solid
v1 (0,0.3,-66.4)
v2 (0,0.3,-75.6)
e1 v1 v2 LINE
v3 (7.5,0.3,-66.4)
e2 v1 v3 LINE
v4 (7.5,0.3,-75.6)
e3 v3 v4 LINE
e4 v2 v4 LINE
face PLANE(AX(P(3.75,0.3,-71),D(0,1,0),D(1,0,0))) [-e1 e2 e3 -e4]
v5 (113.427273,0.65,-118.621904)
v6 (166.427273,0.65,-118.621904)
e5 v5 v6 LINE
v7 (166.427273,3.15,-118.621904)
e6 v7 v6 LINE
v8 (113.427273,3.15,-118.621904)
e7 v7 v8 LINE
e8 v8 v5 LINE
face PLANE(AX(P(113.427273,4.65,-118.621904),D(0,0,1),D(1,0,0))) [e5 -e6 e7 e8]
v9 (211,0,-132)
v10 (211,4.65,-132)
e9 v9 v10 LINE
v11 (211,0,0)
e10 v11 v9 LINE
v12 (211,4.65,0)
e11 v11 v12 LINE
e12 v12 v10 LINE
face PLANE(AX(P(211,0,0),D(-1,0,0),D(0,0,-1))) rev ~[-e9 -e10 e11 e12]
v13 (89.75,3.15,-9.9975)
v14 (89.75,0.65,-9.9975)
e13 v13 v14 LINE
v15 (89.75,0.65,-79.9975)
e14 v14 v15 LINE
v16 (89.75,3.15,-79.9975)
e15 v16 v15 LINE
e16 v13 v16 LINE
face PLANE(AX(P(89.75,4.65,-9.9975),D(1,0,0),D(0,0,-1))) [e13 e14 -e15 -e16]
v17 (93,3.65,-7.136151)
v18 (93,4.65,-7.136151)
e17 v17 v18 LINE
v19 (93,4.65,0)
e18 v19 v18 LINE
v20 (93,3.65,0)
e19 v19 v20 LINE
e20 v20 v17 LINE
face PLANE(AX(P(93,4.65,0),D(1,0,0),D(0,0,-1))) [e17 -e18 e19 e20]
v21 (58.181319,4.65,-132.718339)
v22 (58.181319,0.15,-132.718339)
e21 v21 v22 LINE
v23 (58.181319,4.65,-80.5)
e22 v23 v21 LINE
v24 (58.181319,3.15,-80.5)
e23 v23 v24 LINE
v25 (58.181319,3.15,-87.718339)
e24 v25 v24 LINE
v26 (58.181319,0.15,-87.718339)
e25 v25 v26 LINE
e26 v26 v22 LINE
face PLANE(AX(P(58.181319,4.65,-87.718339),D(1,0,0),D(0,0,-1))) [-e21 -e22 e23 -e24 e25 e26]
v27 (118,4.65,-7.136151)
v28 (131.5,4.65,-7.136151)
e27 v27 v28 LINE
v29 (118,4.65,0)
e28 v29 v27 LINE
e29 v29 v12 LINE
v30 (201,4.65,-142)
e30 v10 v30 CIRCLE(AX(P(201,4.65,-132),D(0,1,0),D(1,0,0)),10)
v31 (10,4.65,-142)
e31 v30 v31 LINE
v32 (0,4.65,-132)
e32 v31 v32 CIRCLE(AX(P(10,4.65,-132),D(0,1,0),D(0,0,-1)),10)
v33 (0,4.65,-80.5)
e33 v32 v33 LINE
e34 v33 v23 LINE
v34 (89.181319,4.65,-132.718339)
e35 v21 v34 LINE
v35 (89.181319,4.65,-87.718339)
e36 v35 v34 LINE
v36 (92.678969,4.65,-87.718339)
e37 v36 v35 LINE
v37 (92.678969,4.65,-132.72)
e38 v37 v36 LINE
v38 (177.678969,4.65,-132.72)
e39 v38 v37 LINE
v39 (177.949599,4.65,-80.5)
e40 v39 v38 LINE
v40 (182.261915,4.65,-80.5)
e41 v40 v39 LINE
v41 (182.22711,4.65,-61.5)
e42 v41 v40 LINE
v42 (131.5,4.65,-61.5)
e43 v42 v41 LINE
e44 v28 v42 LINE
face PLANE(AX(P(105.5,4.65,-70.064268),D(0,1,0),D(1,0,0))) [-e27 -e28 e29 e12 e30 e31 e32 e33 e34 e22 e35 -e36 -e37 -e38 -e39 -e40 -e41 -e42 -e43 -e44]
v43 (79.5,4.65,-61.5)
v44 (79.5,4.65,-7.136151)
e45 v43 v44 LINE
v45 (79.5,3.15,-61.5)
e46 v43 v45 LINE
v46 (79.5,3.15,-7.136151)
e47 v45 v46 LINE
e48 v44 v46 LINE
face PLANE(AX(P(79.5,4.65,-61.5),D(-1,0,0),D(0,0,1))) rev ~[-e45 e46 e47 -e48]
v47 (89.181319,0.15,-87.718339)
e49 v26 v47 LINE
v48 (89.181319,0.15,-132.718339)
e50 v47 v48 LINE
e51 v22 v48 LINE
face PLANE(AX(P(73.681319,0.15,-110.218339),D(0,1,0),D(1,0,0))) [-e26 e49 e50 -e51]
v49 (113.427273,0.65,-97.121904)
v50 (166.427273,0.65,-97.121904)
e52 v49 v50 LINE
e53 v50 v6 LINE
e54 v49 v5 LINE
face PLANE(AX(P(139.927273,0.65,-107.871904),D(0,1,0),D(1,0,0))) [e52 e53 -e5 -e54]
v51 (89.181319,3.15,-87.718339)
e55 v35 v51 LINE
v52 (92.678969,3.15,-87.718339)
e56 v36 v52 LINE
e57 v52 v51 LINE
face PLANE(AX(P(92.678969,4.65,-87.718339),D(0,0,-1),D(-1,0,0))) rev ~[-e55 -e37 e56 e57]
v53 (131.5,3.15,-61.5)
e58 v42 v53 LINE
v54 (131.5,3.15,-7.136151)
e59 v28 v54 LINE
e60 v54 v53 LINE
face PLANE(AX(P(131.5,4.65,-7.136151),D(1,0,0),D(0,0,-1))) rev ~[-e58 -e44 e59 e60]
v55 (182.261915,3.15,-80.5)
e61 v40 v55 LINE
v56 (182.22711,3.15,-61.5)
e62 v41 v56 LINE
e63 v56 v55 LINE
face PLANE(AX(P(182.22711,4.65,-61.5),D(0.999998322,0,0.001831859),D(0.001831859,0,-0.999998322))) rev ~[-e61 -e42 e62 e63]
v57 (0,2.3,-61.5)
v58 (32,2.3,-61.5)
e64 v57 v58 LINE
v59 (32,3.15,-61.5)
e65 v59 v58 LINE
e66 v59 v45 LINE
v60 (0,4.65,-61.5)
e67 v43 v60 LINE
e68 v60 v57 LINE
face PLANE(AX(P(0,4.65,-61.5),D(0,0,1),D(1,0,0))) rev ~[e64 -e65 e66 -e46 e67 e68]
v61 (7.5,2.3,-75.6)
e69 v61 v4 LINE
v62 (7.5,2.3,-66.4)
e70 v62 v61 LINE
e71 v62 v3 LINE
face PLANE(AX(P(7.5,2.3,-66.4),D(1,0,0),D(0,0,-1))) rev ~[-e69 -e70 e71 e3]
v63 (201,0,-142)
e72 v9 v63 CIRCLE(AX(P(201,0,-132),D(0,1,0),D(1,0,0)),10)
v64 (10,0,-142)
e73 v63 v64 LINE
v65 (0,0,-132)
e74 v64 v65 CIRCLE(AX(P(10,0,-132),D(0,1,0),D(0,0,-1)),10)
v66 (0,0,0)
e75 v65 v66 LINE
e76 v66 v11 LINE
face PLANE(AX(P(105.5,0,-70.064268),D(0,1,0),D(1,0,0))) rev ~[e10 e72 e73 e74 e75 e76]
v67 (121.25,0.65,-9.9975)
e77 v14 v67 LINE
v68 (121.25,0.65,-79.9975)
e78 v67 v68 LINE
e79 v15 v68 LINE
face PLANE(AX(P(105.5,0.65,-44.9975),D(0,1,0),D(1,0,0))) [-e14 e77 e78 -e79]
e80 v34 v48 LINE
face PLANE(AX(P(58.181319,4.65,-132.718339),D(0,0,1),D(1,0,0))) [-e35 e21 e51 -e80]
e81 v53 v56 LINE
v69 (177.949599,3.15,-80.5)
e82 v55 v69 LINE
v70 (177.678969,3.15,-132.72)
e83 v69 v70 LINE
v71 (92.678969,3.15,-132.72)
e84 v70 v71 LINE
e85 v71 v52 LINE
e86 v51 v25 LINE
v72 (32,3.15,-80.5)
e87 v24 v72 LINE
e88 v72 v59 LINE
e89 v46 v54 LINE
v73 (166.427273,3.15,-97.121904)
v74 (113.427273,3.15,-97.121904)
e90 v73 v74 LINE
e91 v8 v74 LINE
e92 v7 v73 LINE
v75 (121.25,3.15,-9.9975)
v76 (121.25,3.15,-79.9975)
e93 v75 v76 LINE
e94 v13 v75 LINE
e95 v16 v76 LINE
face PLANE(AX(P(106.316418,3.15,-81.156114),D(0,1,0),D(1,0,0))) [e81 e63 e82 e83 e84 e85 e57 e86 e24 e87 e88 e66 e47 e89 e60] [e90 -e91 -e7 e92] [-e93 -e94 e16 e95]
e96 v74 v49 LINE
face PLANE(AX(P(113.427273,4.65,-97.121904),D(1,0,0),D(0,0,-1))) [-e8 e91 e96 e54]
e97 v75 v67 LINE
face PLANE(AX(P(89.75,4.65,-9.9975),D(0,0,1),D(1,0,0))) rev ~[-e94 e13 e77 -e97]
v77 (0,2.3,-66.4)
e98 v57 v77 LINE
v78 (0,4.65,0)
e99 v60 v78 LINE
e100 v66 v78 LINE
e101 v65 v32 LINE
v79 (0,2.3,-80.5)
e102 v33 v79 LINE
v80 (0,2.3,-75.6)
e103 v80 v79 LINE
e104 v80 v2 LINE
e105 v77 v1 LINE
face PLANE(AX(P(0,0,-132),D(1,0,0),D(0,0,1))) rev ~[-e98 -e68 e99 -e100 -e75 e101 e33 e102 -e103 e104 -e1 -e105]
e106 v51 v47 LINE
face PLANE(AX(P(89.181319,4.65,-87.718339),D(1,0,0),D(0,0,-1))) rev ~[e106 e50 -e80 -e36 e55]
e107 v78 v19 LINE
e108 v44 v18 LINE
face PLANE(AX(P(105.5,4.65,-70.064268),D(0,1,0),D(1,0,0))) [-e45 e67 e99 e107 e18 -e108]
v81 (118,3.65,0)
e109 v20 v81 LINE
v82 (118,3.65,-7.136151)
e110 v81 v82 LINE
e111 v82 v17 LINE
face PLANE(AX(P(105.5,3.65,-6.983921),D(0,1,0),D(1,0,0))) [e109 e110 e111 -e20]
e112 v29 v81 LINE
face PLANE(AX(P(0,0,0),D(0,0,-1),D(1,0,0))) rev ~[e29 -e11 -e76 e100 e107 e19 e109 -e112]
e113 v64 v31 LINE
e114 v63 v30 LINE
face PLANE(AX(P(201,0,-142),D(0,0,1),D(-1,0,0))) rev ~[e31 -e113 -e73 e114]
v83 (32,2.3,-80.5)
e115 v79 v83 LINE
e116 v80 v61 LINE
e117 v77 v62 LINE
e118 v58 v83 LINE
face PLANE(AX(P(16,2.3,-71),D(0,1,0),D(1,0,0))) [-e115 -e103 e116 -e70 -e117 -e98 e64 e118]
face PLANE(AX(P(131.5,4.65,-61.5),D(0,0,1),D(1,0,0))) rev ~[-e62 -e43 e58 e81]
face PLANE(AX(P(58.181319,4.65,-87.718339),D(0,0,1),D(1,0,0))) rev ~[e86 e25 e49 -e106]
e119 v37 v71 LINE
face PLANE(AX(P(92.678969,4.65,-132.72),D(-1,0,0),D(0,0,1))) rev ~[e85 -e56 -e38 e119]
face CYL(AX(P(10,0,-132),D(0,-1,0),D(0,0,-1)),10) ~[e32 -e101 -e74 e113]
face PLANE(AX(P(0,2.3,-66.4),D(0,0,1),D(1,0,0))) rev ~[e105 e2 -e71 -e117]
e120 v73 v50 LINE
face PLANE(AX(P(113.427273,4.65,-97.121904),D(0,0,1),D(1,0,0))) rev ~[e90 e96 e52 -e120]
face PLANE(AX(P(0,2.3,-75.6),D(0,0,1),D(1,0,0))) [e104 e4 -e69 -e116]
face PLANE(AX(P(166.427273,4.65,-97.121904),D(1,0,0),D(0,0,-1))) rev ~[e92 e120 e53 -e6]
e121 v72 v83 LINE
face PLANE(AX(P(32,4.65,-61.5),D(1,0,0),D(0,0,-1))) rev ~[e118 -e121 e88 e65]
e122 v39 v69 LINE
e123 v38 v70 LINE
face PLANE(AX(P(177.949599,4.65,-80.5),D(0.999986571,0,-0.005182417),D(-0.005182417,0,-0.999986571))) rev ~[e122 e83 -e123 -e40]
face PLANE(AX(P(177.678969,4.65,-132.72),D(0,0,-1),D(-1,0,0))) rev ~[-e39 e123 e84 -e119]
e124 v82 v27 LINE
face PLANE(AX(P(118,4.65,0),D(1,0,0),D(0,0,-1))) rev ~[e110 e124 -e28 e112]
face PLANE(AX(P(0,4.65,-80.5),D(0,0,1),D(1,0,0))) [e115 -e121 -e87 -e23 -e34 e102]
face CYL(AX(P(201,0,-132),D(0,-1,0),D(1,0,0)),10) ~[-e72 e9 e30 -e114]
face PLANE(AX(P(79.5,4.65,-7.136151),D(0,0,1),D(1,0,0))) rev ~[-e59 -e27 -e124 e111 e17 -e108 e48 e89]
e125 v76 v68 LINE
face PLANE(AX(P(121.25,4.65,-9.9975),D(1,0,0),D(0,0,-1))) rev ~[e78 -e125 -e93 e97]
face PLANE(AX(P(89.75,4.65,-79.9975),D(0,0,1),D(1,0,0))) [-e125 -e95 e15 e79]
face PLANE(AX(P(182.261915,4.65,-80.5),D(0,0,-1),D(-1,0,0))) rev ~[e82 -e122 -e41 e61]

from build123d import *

# Parameters (mm, degrees)
BOSS_EXTRUDE1_DEPTH = 4.65
SKETCH2_W           = 32
SKETCH2_H           = 19
CUT_EXTRUDE1_DEPTH  = 2.35
SKETCH3_W           = 7.5
SKETCH3_H           = 9.2
CUT_EXTRUDE2_DEPTH  = 2
SKETCH4_W           = 31
SKETCH4_H           = 45
CUT_EXTRUDE3_DEPTH  = 4.5
SKETCH5_W           = 53
SKETCH5_H           = 21.5
CUT_EXTRUDE4_DEPTH  = 4
CUT_EXTRUDE5_DEPTH  = 1.5
SKETCH7_W           = 25
SKETCH7_H           = 13.967841501
CUT_EXTRUDE6_DEPTH  = 1
SKETCH9_W           = 31.5
SKETCH9_H           = 70
CUT_EXTRUDE8_DEPTH  = 4


with BuildPart() as part:
    # Sketch1 → Boss-Extrude1 (new body)
    with BuildSketch(Plane(origin=(0, 0, 0), x_dir=(1, 0, 0), z_dir=(0, 1, 0))):
        with BuildLine():
            Line((0, 0), (211, 0))
            Line((211, 0), (211, 132))
            ThreePointArc((211, 132), (208.071067812, 139.071067812), (201, 142))
            Line((201, 142), (10, 142))
            ThreePointArc((10, 142), (2.928932188, 139.071067812), (0, 132))
            Line((0, 132), (0, 0))
        make_face()
    extrude(amount=BOSS_EXTRUDE1_DEPTH)

    # Sketch2 → Cut-Extrude1 (cut)
    with BuildSketch(Plane(origin=(0, 4.65, 0), x_dir=(1, 0, 0), z_dir=(0, 1, 0))):
        with Locations((16, 71)):
            Rectangle(SKETCH2_W, SKETCH2_H)
    extrude(amount=-CUT_EXTRUDE1_DEPTH, mode=Mode.SUBTRACT)

    # Sketch3 → Cut-Extrude2 (cut)
    with BuildSketch(Plane(origin=(0, 2.3, 0), x_dir=(1, 0, 0), z_dir=(0, 1, 0))):
        with Locations((3.75, 71)):
            Rectangle(SKETCH3_W, SKETCH3_H)
    extrude(amount=-CUT_EXTRUDE2_DEPTH, mode=Mode.SUBTRACT)

    # Sketch4 → Cut-Extrude3 (cut)
    with BuildSketch(Plane(origin=(0, 4.65, 0), x_dir=(1, 0, 0), z_dir=(0, 1, 0))):
        with Locations((73.681319495, 110.218338853)):
            Rectangle(SKETCH4_W, SKETCH4_H)
    extrude(amount=-CUT_EXTRUDE3_DEPTH, mode=Mode.SUBTRACT)

    # Sketch5 → Cut-Extrude4 (cut)
    with BuildSketch(Plane(origin=(0, 4.65, 0), x_dir=(1, 0, 0), z_dir=(0, 1, 0))):
        with Locations((139.927272952, 107.871903627)):
            Rectangle(SKETCH5_W, SKETCH5_H)
    extrude(amount=-CUT_EXTRUDE4_DEPTH, mode=Mode.SUBTRACT)

    # Sketch6 → Cut-Extrude5 (cut)
    with BuildSketch(Plane(origin=(0, 4.65, 0), x_dir=(1, 0, 0), z_dir=(0, 1, 0))):
        Polygon((32, 61.5), (79.5, 61.5), (79.5, 7.136151196), (131.5, 7.136151196), (131.5, 61.5), (182.227109874, 61.5), (182.261915258, 80.5), (177.949598934, 80.5), (177.678969488, 132.72), (92.678969488, 132.72), (92.678969488, 87.718338853), (89.181319495, 87.718338853), (89.181319495, 132.718338853), (58.181319495, 132.718338853), (58.181319495, 80.5), (32, 80.5), align=None)
    extrude(amount=-CUT_EXTRUDE5_DEPTH, mode=Mode.SUBTRACT)

    # Sketch7 → Cut-Extrude6 (cut)
    with BuildSketch(Plane(origin=(0, 4.65, 0), x_dir=(1, 0, 0), z_dir=(0, 1, 0))):
        with Locations((105.5, 6.983920751)):
            Rectangle(SKETCH7_W, SKETCH7_H)
    extrude(amount=-CUT_EXTRUDE6_DEPTH, mode=Mode.SUBTRACT)

    # Sketch9 → Cut-Extrude8 (cut)
    with BuildSketch(Plane(origin=(0, 4.65, 0), x_dir=(1, 0, 0), z_dir=(0, 1, 0))):
        with Locations((105.5, 44.997499802)):
            Rectangle(SKETCH9_W, SKETCH9_H)
    extrude(amount=-CUT_EXTRUDE8_DEPTH, mode=Mode.SUBTRACT)


solid = part.part
